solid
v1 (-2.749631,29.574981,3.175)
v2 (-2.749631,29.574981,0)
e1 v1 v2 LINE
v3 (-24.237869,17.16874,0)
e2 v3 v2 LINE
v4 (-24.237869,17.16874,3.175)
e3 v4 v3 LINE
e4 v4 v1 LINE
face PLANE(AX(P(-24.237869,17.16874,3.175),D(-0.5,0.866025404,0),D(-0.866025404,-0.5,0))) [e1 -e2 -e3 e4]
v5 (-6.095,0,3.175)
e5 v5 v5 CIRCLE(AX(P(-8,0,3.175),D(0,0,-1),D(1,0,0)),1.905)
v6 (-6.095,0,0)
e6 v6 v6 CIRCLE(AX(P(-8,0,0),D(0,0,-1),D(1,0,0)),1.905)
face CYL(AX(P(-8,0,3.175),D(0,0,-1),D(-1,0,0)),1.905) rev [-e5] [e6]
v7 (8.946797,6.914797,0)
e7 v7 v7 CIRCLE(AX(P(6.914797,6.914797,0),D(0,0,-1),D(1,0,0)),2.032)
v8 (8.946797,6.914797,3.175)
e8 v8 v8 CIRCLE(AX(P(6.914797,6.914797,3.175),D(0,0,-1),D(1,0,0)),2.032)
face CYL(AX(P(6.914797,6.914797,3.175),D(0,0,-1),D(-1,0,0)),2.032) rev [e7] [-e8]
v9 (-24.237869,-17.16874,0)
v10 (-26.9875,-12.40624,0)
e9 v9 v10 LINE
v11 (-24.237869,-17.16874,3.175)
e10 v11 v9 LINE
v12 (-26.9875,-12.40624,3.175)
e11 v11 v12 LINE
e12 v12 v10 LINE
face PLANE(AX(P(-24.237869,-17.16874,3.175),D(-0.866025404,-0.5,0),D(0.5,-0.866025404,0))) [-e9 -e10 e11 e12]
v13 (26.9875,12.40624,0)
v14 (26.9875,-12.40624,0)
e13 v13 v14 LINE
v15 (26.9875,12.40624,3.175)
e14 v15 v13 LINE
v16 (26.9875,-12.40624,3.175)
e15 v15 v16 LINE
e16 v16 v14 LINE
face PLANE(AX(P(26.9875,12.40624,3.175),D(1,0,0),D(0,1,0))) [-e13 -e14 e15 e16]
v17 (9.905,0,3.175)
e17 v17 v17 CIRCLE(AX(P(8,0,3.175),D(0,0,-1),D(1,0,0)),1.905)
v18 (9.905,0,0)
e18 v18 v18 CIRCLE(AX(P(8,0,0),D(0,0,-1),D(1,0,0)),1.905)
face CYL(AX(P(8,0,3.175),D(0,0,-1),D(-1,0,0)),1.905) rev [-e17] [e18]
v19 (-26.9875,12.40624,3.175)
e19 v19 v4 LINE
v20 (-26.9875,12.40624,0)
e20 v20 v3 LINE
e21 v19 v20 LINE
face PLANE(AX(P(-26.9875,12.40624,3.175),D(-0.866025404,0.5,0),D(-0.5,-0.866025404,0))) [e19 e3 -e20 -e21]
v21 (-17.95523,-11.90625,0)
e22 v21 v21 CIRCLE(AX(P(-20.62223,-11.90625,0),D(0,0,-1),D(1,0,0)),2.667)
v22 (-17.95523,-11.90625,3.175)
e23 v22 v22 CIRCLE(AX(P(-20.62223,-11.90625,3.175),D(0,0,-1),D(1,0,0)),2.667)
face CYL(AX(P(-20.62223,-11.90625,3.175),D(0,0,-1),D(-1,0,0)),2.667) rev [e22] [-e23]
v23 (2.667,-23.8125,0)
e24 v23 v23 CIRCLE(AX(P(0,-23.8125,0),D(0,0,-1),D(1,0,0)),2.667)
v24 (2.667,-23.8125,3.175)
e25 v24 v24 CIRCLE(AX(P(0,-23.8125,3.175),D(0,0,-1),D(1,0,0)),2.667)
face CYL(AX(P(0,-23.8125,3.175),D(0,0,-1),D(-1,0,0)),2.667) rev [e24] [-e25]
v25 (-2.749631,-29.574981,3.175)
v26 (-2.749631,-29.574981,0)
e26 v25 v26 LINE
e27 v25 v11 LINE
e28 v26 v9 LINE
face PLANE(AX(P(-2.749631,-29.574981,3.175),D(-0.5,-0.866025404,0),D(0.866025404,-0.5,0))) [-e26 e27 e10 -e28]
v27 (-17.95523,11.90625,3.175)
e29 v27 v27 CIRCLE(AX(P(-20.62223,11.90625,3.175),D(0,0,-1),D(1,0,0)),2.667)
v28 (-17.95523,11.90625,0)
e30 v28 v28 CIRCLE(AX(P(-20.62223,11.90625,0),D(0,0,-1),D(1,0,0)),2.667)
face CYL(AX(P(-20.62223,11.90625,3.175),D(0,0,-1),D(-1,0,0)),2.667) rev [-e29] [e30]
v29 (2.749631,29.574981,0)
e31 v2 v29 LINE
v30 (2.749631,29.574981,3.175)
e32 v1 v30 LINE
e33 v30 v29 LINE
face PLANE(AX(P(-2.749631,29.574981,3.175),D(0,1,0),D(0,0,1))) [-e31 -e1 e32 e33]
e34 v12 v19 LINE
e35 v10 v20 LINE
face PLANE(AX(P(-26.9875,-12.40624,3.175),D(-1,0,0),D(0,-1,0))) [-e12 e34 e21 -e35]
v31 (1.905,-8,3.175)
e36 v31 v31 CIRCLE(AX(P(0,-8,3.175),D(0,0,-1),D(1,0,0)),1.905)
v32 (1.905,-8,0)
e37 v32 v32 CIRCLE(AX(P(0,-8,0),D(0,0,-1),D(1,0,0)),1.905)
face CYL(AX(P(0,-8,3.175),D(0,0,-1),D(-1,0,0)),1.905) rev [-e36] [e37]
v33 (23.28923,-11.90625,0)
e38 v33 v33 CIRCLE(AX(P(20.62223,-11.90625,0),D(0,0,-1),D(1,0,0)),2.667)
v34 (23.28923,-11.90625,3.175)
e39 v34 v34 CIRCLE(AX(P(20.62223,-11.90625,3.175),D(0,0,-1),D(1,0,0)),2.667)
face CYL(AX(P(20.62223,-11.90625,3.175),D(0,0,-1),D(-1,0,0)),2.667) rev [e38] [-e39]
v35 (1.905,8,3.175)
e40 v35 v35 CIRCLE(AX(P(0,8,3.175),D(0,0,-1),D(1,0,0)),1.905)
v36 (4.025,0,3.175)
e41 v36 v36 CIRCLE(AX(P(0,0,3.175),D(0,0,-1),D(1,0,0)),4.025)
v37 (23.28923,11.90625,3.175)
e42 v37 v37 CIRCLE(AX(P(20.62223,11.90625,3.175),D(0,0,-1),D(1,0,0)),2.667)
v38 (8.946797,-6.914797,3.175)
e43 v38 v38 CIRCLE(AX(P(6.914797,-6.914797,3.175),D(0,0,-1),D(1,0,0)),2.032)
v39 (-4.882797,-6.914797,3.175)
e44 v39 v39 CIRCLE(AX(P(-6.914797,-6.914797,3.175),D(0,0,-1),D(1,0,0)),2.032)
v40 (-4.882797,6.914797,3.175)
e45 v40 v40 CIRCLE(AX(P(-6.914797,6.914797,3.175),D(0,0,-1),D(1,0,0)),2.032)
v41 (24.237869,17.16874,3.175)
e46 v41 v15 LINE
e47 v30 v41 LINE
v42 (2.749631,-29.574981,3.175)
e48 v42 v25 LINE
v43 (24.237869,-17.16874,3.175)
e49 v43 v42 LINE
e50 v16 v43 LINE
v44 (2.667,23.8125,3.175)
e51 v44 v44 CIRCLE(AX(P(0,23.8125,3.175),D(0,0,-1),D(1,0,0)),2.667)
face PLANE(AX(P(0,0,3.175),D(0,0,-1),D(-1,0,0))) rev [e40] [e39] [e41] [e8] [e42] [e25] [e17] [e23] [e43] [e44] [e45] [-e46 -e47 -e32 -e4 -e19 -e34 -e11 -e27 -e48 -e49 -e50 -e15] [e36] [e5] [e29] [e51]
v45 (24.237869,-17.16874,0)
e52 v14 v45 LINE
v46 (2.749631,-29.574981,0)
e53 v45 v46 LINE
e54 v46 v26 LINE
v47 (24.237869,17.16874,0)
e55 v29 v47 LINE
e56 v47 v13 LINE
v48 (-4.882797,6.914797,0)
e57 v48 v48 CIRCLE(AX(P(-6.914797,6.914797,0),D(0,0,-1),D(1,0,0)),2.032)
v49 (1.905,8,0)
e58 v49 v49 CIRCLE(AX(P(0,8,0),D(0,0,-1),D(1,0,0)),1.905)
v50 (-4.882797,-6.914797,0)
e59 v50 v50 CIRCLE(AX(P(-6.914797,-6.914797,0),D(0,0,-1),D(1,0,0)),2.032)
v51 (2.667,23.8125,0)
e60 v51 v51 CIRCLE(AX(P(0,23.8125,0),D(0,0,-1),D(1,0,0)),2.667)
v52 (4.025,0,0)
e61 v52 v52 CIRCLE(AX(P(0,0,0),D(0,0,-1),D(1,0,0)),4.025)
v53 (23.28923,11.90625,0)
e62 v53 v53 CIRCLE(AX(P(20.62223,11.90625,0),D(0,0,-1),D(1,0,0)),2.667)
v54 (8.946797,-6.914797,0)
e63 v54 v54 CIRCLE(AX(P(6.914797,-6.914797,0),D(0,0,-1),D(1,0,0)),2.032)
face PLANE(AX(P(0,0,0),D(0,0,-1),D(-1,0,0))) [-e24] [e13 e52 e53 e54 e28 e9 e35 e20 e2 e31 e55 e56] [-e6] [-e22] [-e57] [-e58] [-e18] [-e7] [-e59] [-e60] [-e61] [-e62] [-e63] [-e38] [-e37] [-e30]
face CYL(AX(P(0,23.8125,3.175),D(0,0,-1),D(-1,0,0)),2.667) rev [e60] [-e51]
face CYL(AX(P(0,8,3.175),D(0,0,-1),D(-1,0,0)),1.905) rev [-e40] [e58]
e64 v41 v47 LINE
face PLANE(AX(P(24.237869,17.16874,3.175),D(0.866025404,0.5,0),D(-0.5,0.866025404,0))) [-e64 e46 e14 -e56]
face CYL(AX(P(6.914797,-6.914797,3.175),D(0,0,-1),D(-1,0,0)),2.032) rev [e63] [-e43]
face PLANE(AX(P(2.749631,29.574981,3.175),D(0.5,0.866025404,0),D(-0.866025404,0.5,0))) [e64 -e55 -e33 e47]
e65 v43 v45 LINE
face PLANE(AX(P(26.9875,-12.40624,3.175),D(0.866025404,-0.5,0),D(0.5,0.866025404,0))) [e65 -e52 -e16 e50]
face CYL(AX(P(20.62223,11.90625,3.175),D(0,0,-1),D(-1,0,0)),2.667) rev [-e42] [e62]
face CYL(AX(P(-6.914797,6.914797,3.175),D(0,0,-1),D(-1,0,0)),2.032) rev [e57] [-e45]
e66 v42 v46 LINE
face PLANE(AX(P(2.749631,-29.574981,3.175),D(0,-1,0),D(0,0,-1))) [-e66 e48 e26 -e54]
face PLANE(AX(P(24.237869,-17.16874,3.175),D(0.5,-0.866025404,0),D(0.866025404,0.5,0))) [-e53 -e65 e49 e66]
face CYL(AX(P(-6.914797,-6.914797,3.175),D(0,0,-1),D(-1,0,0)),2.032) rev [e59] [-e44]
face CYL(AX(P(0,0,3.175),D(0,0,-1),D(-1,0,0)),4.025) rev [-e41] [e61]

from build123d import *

# Parameters (mm, degrees)
SKETCH1_R           = 2.667
SKETCH1_R_2         = 1.905
SKETCH1_R_3         = 4.025
SKETCH1_R_4         = 2.032
BOSS_EXTRUDE1_DEPTH = 3.175


with BuildPart() as part:
    # Sketch1 → Boss-Extrude1 (new body)
    with BuildSketch(Plane(origin=(0, 0, 0), x_dir=(-1, 0, 0), z_dir=(0, 0, -1))):
        Polygon((2.749630657, 29.57498078), (-2.749630657, 29.57498078), (-24.237869343, 17.16874039), (-26.9875, 12.40624039), (-26.9875, -12.40624039), (-24.237869343, -17.16874039), (-2.749630657, -29.57498078), (2.749630657, -29.57498078), (24.237869343, -17.16874039), (26.9875, -12.40624039), (26.9875, 12.40624039), (24.237869343, 17.16874039), align=None)
        with Locations((20.622229928, 11.90625)):
            Circle(SKETCH1_R, mode=Mode.SUBTRACT)
        with Locations((0, -23.8125)):
            Circle(SKETCH1_R, mode=Mode.SUBTRACT)
        with Locations((-20.622229928, 11.90625)):
            Circle(SKETCH1_R, mode=Mode.SUBTRACT)
        with Locations((0, -8)):
            Circle(SKETCH1_R_2, mode=Mode.SUBTRACT)
        with Locations((0, 8)):
            Circle(SKETCH1_R_2, mode=Mode.SUBTRACT)
        with Locations((0, 23.8125)):
            Circle(SKETCH1_R, mode=Mode.SUBTRACT)
        Circle(SKETCH1_R_3, mode=Mode.SUBTRACT)
        with Locations((-8, 0)):
            Circle(SKETCH1_R_2, mode=Mode.SUBTRACT)
        with Locations((8, 0)):
            Circle(SKETCH1_R_2, mode=Mode.SUBTRACT)
        with Locations((-20.622229928, -11.90625)):
            Circle(SKETCH1_R, mode=Mode.SUBTRACT)
        with Locations((20.622229928, -11.90625)):
            Circle(SKETCH1_R, mode=Mode.SUBTRACT)
        with Locations((-6.914797213, 6.914797213)):
            Circle(SKETCH1_R_4, mode=Mode.SUBTRACT)
        with Locations((-6.914797213, -6.914797213)):
            Circle(SKETCH1_R_4, mode=Mode.SUBTRACT)
        with Locations((6.914797213, -6.914797213)):
            Circle(SKETCH1_R_4, mode=Mode.SUBTRACT)
        with Locations((6.914797213, 6.914797213)):
            Circle(SKETCH1_R_4, mode=Mode.SUBTRACT)
    extrude(amount=-BOSS_EXTRUDE1_DEPTH)


solid = part.part
